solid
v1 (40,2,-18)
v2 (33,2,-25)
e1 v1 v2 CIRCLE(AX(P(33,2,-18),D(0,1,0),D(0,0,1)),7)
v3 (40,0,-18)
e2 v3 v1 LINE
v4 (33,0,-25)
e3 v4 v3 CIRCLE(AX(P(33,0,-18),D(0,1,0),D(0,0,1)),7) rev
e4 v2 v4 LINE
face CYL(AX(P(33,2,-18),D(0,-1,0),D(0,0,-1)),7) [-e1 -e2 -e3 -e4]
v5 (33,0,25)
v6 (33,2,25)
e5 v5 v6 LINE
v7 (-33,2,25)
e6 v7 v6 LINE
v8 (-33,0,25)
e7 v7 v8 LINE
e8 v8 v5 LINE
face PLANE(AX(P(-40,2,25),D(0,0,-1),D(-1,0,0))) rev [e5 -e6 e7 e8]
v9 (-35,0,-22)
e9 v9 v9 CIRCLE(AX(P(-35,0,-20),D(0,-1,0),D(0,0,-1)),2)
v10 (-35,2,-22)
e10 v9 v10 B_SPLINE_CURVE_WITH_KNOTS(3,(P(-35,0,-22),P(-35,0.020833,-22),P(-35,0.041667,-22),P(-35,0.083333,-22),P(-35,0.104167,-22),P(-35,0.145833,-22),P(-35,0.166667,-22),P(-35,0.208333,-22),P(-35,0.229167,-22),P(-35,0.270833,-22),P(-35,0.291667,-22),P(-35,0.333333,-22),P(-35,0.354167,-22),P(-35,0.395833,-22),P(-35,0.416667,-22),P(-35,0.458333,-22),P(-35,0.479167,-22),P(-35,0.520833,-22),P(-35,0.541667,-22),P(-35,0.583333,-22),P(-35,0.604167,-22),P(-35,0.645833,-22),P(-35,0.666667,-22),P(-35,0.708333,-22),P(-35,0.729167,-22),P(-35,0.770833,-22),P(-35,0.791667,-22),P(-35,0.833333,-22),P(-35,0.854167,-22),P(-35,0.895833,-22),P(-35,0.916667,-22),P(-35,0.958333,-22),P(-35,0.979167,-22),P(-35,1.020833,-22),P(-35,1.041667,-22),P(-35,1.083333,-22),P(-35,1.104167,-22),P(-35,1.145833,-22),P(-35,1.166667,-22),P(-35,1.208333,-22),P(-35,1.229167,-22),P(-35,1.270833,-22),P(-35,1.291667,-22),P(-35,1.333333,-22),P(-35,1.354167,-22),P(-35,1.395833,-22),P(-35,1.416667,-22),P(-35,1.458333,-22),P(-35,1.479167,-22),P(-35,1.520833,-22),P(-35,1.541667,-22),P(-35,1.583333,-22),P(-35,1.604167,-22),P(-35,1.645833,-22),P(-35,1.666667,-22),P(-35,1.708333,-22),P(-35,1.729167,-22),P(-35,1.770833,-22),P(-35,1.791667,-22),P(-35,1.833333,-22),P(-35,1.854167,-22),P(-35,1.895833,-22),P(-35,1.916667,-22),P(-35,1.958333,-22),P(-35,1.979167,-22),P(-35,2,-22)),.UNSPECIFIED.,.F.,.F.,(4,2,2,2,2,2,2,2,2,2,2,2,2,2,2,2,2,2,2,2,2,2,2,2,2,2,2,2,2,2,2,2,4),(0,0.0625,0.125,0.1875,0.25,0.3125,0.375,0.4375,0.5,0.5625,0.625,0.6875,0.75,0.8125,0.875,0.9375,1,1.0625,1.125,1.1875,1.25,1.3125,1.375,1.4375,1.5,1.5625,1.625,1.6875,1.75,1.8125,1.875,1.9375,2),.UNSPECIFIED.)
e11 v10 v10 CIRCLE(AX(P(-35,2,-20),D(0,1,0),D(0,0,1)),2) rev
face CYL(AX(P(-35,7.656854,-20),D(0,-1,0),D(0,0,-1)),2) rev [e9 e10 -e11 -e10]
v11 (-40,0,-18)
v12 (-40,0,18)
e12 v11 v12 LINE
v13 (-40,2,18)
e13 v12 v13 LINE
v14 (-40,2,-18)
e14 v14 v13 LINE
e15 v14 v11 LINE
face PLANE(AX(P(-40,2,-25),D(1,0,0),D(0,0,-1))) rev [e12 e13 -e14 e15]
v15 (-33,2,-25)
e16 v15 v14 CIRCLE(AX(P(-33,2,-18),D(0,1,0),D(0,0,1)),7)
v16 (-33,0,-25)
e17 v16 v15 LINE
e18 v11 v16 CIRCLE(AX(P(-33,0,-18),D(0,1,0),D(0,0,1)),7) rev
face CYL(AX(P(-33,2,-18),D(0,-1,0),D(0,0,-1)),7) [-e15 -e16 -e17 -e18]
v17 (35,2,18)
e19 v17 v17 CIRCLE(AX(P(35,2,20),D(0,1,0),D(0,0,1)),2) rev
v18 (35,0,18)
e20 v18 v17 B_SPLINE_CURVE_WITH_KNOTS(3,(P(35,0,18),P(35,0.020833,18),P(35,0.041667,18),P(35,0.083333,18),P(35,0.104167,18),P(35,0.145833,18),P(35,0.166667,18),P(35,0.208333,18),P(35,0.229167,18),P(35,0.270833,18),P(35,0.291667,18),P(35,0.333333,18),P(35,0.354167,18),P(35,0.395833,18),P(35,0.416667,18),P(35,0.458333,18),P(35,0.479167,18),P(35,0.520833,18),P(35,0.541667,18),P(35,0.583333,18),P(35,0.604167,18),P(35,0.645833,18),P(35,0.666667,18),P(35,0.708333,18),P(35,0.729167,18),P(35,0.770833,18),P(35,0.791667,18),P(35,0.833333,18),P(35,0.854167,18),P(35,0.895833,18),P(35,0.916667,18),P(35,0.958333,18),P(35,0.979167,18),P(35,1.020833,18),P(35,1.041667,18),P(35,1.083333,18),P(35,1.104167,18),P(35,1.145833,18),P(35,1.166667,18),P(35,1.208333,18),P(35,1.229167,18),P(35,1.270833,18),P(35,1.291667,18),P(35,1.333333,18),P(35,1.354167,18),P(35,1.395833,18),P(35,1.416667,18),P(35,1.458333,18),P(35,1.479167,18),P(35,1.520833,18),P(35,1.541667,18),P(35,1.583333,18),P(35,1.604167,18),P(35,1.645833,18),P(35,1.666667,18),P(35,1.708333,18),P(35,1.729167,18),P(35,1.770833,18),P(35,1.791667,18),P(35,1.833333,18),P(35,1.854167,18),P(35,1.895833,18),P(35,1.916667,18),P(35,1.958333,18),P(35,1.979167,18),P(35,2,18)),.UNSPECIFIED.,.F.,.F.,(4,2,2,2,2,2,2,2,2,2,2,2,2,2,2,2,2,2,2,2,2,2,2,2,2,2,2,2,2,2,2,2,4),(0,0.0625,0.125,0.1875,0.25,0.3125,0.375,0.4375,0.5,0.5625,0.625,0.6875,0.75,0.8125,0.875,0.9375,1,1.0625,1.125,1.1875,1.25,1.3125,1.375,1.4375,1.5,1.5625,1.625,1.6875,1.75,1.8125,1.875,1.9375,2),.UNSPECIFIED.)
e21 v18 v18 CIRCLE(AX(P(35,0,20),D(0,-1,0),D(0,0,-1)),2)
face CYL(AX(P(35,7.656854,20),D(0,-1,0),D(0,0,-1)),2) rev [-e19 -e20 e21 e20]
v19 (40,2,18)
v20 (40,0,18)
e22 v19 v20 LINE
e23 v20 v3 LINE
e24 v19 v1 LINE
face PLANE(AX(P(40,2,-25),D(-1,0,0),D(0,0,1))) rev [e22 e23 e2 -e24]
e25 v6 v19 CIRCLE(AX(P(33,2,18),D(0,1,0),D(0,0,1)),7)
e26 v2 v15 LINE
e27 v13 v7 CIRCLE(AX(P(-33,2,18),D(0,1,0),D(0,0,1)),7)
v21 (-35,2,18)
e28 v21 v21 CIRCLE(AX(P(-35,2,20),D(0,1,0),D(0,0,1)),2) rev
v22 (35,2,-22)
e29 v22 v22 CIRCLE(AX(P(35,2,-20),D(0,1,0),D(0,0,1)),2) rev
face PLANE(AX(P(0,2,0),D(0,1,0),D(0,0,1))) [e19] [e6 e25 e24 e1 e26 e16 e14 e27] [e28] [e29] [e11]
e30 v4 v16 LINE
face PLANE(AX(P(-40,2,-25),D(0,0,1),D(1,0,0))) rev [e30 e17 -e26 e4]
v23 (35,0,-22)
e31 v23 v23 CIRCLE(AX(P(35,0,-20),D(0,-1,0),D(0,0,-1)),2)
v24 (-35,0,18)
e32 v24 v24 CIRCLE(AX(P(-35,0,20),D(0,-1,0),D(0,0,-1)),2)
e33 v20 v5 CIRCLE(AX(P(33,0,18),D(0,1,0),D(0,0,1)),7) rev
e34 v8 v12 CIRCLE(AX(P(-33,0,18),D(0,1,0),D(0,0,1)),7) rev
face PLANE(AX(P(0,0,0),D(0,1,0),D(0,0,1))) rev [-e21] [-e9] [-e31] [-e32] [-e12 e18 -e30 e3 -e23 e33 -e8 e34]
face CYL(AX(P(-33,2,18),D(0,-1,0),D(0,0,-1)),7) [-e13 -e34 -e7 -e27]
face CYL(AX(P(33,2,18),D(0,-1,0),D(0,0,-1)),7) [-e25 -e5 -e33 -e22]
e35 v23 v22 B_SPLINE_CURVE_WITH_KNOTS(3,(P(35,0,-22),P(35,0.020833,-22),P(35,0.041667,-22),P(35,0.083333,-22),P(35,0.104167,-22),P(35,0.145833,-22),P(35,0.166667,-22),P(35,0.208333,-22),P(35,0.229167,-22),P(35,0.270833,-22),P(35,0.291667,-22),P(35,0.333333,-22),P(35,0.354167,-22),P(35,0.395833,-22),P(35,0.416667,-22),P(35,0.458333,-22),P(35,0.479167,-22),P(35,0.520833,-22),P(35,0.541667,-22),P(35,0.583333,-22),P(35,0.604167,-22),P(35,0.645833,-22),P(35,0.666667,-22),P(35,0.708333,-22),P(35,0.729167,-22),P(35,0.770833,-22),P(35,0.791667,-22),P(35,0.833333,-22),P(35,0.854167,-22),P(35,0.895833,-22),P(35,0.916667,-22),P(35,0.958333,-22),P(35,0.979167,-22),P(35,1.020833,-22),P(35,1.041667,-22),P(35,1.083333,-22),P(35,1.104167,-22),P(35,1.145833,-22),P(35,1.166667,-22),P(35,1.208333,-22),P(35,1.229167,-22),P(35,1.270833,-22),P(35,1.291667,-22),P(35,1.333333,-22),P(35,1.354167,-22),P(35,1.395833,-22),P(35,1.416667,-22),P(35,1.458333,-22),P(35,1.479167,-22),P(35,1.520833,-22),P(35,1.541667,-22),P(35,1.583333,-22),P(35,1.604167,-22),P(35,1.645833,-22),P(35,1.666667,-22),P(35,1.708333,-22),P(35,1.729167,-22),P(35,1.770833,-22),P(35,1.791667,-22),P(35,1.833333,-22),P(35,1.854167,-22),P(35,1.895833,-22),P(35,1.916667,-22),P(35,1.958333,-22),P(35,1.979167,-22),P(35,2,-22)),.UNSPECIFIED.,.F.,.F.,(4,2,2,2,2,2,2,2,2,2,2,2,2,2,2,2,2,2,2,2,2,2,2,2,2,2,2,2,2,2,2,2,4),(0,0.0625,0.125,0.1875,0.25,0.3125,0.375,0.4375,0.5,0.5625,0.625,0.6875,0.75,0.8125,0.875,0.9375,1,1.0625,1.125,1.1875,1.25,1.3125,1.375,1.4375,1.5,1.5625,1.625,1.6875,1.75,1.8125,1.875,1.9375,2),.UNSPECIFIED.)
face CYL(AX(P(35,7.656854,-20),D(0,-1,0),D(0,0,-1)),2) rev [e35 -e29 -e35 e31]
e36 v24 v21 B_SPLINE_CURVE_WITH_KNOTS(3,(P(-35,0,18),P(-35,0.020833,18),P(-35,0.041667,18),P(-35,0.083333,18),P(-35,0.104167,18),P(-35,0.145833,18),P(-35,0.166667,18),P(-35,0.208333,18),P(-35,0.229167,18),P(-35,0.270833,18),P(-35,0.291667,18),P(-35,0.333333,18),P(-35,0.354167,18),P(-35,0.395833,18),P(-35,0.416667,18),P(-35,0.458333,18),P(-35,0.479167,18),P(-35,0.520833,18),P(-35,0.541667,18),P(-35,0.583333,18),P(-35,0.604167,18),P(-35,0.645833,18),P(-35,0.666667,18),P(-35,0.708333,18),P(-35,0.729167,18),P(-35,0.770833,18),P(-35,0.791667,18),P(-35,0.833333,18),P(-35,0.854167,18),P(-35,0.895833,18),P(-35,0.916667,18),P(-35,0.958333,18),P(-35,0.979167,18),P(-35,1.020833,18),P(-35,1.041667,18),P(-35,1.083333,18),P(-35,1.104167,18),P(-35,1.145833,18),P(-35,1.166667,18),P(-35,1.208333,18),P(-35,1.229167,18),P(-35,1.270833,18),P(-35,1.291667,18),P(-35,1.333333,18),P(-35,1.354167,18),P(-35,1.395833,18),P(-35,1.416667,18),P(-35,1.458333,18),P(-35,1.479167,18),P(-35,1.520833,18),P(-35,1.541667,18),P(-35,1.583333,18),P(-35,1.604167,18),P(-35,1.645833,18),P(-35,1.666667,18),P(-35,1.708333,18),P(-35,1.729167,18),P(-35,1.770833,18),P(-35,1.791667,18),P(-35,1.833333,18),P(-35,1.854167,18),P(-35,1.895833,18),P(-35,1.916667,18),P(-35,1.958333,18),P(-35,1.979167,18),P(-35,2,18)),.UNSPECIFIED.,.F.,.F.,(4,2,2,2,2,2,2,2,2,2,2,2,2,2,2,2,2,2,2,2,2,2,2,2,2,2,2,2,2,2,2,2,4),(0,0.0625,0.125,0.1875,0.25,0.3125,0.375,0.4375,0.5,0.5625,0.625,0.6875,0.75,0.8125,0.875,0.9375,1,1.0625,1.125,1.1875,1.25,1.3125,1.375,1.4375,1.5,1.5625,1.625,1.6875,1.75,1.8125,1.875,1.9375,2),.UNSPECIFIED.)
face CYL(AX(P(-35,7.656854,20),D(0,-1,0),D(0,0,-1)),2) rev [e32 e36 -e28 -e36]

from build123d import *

# Parameters (mm, degrees)
SKETCH_LID_W                 = 80
SKETCH_LID_H                 = 50
BOSS_EXTRUDE_LID_DEPTH       = 2
FILLET_CORNERS_R             = 7
SKETCH_SCREW_HOLE_R          = 2
CUT_EXTRUDE_SCREW_HOLE_DEPTH = 2


with BuildPart() as part:
    # Sketch_lid → Boss-Extrude_lid (new body)
    with BuildSketch(Plane(origin=(0, 0, 0), x_dir=(1, 0, 0), z_dir=(0, 1, 0))):
        Rectangle(SKETCH_LID_W, SKETCH_LID_H)
    extrude(amount=BOSS_EXTRUDE_LID_DEPTH)

    # Fillet_corners
    fillet_corners_edges = [part.edges().sort_by_distance(p)[0] for p in [
        (40, 1, 25),
        (-40, 1, 25),
        (-40, 1, -25),
        (40, 1, -25),
    ]]
    fillet(fillet_corners_edges, radius=FILLET_CORNERS_R)

    # Sketch_screw_hole → Cut-Extrude_screw_hole (cut)
    with BuildSketch(Plane.XZ):
        with Locations(Location((-35, -20, 0), (0, 0, 270))):
            Circle(SKETCH_SCREW_HOLE_R)
        with Locations(Location((35, -20, 0), (0, 0, 270))):
            Circle(SKETCH_SCREW_HOLE_R)
        with Locations(Location((35, 20, 0), (0, 0, 270))):
            Circle(SKETCH_SCREW_HOLE_R)
        with Locations(Location((-35, 20, 0), (0, 0, 270))):
            Circle(SKETCH_SCREW_HOLE_R)
    extrude(amount=-CUT_EXTRUDE_SCREW_HOLE_DEPTH, mode=Mode.SUBTRACT)


solid = part.part
